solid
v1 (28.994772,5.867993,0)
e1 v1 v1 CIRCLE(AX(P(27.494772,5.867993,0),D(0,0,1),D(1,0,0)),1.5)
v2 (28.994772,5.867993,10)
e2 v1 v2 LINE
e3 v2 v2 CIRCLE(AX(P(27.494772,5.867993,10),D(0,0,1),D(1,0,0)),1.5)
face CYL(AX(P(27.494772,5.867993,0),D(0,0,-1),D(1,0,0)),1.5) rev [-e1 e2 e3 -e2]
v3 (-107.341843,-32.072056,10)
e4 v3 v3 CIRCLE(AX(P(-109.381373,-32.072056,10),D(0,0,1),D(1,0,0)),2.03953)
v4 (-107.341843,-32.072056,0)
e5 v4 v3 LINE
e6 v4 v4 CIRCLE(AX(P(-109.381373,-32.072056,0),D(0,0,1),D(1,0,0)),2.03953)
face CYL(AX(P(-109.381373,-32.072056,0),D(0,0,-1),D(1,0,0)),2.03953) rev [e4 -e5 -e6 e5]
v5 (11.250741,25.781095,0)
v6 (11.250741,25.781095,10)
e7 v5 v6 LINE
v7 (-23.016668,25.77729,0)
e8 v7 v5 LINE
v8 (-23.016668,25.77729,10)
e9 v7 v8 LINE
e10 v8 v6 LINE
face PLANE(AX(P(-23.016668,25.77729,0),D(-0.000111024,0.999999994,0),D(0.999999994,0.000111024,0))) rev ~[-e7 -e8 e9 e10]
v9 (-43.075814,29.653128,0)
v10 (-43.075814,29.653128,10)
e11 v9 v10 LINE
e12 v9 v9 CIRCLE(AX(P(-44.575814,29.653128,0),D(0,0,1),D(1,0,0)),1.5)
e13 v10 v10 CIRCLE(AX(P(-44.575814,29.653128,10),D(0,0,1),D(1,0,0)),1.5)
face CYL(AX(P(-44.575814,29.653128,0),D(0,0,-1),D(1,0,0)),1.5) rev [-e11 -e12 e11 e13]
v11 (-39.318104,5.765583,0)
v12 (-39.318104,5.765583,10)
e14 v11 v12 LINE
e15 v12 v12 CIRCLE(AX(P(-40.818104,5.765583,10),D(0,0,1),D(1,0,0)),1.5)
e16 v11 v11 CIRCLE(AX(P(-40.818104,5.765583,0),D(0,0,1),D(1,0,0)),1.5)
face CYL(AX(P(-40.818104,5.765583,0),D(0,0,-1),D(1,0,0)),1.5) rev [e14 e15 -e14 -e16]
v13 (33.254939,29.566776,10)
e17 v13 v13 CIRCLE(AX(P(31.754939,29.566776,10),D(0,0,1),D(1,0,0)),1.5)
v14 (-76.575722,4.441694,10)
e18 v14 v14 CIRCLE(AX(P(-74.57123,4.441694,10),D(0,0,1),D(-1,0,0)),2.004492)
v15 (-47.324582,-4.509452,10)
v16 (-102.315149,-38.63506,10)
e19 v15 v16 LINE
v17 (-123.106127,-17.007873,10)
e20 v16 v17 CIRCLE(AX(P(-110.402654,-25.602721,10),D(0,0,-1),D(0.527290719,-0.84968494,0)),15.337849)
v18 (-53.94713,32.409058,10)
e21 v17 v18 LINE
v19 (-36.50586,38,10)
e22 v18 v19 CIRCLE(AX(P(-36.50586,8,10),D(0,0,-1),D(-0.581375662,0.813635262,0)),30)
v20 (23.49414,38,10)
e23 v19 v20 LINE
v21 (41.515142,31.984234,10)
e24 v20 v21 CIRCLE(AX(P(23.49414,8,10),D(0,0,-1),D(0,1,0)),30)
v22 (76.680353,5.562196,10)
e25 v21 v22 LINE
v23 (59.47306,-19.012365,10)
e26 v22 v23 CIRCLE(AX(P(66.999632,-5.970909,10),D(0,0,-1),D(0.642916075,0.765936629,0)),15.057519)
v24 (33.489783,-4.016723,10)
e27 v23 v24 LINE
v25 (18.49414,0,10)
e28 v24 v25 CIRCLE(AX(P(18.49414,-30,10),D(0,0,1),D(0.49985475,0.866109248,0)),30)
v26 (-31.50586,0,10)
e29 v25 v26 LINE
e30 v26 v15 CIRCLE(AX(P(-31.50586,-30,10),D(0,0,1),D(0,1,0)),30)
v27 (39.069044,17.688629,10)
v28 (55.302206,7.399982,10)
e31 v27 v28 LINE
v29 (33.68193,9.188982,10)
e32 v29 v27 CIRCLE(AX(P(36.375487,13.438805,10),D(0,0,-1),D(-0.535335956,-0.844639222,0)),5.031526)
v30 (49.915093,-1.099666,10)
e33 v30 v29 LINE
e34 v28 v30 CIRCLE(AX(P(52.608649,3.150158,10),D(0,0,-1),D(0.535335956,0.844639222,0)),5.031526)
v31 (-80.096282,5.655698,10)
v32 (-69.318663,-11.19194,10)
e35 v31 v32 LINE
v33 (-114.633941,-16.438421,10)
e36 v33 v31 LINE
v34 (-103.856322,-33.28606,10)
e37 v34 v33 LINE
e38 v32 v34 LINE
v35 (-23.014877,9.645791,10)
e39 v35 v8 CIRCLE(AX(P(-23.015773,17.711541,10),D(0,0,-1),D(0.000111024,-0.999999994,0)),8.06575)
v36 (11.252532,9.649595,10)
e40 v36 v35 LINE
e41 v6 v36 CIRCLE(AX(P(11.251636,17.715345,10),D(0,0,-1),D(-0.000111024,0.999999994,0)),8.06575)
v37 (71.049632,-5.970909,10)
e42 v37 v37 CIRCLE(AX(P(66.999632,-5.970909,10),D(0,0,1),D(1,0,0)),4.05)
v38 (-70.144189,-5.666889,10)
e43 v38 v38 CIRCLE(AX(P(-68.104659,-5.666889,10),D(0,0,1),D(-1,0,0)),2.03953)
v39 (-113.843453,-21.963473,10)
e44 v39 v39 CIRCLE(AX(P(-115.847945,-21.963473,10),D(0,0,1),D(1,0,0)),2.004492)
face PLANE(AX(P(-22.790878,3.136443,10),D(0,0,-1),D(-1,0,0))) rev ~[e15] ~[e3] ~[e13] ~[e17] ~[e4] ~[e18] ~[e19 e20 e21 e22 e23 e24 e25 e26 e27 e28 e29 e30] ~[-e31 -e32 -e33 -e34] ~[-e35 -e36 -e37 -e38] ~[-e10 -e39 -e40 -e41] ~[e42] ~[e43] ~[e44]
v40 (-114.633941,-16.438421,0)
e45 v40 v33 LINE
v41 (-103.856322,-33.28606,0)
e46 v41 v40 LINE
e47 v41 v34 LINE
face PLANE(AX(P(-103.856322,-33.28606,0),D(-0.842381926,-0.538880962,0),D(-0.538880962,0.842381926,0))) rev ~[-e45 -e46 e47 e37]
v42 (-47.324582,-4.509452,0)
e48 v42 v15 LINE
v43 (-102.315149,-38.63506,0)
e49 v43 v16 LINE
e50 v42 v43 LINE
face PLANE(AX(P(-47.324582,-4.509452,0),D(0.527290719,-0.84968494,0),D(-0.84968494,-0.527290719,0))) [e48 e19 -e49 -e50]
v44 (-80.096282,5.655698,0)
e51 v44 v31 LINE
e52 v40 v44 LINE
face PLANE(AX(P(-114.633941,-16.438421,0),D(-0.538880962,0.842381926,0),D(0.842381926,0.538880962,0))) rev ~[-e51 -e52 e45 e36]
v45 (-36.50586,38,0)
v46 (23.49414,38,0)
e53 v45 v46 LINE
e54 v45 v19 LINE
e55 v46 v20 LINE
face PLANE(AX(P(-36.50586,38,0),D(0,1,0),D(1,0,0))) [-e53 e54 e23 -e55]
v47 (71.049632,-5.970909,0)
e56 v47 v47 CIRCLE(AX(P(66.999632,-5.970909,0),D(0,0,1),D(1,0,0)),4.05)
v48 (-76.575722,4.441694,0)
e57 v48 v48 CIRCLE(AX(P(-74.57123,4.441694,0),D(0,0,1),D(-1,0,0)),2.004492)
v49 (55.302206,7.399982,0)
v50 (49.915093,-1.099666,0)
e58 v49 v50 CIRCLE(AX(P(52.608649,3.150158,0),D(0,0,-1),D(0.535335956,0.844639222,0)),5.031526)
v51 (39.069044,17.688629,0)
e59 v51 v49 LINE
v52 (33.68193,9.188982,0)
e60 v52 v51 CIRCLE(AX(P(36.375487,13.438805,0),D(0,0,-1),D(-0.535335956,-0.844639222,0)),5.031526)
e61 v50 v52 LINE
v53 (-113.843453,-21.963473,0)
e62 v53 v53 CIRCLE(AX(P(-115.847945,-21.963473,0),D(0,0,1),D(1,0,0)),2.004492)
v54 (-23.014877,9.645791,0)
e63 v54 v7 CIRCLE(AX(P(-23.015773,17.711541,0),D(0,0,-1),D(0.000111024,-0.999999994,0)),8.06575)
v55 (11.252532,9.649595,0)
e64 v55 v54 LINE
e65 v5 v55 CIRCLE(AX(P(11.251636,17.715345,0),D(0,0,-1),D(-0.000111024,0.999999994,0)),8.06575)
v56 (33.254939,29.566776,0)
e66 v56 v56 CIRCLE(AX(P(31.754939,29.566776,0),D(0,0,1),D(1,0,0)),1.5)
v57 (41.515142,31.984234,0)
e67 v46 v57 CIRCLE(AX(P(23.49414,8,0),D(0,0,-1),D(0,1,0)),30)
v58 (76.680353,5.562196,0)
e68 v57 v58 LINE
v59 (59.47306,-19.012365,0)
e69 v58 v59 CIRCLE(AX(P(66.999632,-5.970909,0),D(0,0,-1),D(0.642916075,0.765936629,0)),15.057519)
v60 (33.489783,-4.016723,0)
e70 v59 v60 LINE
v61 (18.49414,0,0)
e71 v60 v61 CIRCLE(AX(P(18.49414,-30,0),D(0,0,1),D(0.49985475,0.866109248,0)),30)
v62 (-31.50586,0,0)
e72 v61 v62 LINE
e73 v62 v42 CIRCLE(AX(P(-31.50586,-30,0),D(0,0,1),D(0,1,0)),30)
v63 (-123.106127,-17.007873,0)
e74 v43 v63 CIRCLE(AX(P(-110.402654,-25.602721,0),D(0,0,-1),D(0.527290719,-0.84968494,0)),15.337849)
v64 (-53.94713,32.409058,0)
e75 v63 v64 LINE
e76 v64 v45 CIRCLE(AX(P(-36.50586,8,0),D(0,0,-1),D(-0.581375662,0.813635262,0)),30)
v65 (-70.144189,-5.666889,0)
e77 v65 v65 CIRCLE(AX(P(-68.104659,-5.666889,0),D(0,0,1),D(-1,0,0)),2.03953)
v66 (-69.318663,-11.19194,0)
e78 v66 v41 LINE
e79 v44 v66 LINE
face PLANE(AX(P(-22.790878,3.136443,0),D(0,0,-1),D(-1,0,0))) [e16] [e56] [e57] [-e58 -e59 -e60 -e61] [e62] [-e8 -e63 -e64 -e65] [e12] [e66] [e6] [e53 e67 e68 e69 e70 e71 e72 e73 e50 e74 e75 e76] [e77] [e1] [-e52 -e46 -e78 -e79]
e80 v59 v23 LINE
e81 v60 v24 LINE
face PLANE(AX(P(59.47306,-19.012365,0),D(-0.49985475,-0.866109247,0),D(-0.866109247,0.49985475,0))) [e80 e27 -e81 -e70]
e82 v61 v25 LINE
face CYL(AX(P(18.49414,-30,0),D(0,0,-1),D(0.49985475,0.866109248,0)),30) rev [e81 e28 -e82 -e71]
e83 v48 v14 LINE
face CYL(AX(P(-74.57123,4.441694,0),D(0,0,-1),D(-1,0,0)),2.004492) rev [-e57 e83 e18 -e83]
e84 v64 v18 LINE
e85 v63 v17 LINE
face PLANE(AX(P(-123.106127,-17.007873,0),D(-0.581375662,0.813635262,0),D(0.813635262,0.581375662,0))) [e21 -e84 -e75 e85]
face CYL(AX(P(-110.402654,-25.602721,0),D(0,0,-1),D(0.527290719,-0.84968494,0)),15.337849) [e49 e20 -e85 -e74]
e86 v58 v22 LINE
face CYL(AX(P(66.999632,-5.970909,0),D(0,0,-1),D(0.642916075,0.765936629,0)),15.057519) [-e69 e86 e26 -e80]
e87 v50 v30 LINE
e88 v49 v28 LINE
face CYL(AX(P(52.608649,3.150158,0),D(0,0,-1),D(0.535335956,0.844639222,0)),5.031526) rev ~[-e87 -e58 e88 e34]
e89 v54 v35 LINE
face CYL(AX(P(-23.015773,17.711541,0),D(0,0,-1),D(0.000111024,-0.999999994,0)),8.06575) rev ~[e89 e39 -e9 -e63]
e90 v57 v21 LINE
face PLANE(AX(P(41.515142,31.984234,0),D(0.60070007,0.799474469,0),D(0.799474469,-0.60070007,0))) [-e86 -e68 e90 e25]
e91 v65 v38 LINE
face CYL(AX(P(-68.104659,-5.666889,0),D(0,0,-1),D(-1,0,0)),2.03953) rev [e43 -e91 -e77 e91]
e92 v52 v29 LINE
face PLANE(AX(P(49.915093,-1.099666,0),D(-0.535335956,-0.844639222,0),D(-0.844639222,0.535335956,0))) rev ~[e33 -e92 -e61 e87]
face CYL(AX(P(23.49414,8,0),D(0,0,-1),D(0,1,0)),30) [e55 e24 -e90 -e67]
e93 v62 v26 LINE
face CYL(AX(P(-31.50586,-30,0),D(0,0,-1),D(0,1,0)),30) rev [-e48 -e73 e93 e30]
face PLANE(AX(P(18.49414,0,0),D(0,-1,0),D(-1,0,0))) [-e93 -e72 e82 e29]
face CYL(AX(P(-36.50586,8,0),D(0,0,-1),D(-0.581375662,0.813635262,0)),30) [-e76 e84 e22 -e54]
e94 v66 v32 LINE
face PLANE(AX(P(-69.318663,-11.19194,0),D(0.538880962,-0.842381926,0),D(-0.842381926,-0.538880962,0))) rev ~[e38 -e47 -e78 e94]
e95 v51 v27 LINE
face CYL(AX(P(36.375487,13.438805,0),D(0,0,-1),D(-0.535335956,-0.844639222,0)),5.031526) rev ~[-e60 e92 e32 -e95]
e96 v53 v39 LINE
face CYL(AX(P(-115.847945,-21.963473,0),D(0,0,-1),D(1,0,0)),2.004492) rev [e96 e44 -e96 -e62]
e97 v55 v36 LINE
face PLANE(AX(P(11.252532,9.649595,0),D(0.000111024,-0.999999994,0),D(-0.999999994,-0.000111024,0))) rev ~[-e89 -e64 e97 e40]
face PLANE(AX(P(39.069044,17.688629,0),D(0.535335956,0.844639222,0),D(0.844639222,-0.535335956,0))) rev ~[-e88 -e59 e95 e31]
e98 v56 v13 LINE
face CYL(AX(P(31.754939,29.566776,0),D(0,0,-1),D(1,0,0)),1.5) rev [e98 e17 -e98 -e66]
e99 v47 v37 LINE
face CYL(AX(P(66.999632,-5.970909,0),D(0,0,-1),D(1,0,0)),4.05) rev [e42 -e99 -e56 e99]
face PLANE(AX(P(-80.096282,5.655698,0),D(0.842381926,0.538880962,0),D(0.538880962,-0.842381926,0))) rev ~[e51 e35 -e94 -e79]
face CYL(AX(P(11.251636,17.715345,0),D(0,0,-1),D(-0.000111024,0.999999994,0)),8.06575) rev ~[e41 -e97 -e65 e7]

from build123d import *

# Parameters (mm, degrees)
SKETCH1_R           = 4.05
SKETCH1_R_2         = 1.5
SKETCH1_R_3         = 2.004491684
SKETCH1_R_4         = 2.039529922
BOSS_EXTRUDE1_DEPTH = 10


with BuildPart() as part:
    # Sketch1 → Boss-Extrude1 (new body)
    with BuildSketch(Plane.XY):
        with BuildLine():
            Line((-36.50585994, 38), (23.49414006, 38))
            ThreePointArc((23.49414006, 38), (32.993428927, 36.45634395), (41.515142146, 31.984234067))
            Line((41.515142146, 31.984234067), (76.680353084, 5.562196244))
            ThreePointArc((76.680353084, 5.562196244), (79.334029485, -14.607546806), (59.473059994, -19.012365084))
            Line((59.473059994, -19.012365084), (33.489782569, -4.016722575))
            ThreePointArc((33.489782569, -4.016722575), (26.256281428, -1.021574208), (18.49414006, 0))
            Line((18.49414006, 0), (-31.50585994, 0))
            ThreePointArc((-31.50585994, 0), (-39.73032204, -1.149380887), (-47.324581503, -4.509451788))
            Line((-47.324581503, -4.509451788), (-102.315148598, -38.635060317))
            ThreePointArc((-102.315148598, -38.635060317), (-121.459805376, -36.232350563), (-123.106127076, -17.0078734))
            Line((-123.106127076, -17.0078734), (-53.947129798, 32.409057863))
            ThreePointArc((-53.947129798, 32.409057863), (-45.663596127, 36.56809178), (-36.50585994, 38))
        make_face()
        with Locations((66.99963225, -5.970908883)):
            Circle(SKETCH1_R, mode=Mode.SUBTRACT)
        with Locations((-44.575814379, 29.653127509)):
            Circle(SKETCH1_R_2, mode=Mode.SUBTRACT)
        with Locations((-115.847944697, -21.963472834)):
            Circle(SKETCH1_R_3, mode=Mode.SUBTRACT)
        with Locations((-109.381373154, -32.072055944)):
            Circle(SKETCH1_R_4, mode=Mode.SUBTRACT)
        with Locations(Location((-68.10465879, -5.666888812, 0), (0, 0, 180))):
            Circle(SKETCH1_R_4, mode=Mode.SUBTRACT)
        with Locations(Location((-74.571230332, 4.441694298, 0), (0, 0, 180))):
            Circle(SKETCH1_R_3, mode=Mode.SUBTRACT)
        with Locations((-40.818103787, 5.765583384)):
            Circle(SKETCH1_R_2, mode=Mode.SUBTRACT)
        with Locations((31.754938755, 29.566776323)):
            Circle(SKETCH1_R_2, mode=Mode.SUBTRACT)
        with Locations((27.4947716, 5.867993419)):
            Circle(SKETCH1_R_2, mode=Mode.SUBTRACT)
        Polygon((-114.633940841, -16.438421283), (-80.096281883, 5.655698153), (-69.318662645, -11.191940363), (-103.856321604, -33.286059799), align=None, mode=Mode.SUBTRACT)
        with BuildLine():
            Line((-23.016668441, 25.777290149), (11.250740888, 25.781094638))
            ThreePointArc((11.250740888, 25.781094638), (19.317386003, 17.716240499), (11.252531864, 9.649595384))
            Line((11.252531864, 9.649595384), (-23.014877464, 9.645790894))
            ThreePointArc((-23.014877464, 9.645790894), (-31.08152258, 17.710645033), (-23.016668441, 25.777290149))
        make_face(mode=Mode.SUBTRACT)
        with BuildLine():
            Line((39.069043687, 17.688629392), (55.302205937, 7.399981644))
            ThreePointArc((55.302205937, 7.399981644), (56.858473261, 0.45660111), (49.915092727, -1.099666214))
            Line((49.915092727, -1.099666214), (33.681930477, 9.188981534))
            ThreePointArc((33.681930477, 9.188981534), (32.125663153, 16.132362067), (39.069043687, 17.688629392))
        make_face(mode=Mode.SUBTRACT)
    extrude(amount=BOSS_EXTRUDE1_DEPTH)


solid = part.part
